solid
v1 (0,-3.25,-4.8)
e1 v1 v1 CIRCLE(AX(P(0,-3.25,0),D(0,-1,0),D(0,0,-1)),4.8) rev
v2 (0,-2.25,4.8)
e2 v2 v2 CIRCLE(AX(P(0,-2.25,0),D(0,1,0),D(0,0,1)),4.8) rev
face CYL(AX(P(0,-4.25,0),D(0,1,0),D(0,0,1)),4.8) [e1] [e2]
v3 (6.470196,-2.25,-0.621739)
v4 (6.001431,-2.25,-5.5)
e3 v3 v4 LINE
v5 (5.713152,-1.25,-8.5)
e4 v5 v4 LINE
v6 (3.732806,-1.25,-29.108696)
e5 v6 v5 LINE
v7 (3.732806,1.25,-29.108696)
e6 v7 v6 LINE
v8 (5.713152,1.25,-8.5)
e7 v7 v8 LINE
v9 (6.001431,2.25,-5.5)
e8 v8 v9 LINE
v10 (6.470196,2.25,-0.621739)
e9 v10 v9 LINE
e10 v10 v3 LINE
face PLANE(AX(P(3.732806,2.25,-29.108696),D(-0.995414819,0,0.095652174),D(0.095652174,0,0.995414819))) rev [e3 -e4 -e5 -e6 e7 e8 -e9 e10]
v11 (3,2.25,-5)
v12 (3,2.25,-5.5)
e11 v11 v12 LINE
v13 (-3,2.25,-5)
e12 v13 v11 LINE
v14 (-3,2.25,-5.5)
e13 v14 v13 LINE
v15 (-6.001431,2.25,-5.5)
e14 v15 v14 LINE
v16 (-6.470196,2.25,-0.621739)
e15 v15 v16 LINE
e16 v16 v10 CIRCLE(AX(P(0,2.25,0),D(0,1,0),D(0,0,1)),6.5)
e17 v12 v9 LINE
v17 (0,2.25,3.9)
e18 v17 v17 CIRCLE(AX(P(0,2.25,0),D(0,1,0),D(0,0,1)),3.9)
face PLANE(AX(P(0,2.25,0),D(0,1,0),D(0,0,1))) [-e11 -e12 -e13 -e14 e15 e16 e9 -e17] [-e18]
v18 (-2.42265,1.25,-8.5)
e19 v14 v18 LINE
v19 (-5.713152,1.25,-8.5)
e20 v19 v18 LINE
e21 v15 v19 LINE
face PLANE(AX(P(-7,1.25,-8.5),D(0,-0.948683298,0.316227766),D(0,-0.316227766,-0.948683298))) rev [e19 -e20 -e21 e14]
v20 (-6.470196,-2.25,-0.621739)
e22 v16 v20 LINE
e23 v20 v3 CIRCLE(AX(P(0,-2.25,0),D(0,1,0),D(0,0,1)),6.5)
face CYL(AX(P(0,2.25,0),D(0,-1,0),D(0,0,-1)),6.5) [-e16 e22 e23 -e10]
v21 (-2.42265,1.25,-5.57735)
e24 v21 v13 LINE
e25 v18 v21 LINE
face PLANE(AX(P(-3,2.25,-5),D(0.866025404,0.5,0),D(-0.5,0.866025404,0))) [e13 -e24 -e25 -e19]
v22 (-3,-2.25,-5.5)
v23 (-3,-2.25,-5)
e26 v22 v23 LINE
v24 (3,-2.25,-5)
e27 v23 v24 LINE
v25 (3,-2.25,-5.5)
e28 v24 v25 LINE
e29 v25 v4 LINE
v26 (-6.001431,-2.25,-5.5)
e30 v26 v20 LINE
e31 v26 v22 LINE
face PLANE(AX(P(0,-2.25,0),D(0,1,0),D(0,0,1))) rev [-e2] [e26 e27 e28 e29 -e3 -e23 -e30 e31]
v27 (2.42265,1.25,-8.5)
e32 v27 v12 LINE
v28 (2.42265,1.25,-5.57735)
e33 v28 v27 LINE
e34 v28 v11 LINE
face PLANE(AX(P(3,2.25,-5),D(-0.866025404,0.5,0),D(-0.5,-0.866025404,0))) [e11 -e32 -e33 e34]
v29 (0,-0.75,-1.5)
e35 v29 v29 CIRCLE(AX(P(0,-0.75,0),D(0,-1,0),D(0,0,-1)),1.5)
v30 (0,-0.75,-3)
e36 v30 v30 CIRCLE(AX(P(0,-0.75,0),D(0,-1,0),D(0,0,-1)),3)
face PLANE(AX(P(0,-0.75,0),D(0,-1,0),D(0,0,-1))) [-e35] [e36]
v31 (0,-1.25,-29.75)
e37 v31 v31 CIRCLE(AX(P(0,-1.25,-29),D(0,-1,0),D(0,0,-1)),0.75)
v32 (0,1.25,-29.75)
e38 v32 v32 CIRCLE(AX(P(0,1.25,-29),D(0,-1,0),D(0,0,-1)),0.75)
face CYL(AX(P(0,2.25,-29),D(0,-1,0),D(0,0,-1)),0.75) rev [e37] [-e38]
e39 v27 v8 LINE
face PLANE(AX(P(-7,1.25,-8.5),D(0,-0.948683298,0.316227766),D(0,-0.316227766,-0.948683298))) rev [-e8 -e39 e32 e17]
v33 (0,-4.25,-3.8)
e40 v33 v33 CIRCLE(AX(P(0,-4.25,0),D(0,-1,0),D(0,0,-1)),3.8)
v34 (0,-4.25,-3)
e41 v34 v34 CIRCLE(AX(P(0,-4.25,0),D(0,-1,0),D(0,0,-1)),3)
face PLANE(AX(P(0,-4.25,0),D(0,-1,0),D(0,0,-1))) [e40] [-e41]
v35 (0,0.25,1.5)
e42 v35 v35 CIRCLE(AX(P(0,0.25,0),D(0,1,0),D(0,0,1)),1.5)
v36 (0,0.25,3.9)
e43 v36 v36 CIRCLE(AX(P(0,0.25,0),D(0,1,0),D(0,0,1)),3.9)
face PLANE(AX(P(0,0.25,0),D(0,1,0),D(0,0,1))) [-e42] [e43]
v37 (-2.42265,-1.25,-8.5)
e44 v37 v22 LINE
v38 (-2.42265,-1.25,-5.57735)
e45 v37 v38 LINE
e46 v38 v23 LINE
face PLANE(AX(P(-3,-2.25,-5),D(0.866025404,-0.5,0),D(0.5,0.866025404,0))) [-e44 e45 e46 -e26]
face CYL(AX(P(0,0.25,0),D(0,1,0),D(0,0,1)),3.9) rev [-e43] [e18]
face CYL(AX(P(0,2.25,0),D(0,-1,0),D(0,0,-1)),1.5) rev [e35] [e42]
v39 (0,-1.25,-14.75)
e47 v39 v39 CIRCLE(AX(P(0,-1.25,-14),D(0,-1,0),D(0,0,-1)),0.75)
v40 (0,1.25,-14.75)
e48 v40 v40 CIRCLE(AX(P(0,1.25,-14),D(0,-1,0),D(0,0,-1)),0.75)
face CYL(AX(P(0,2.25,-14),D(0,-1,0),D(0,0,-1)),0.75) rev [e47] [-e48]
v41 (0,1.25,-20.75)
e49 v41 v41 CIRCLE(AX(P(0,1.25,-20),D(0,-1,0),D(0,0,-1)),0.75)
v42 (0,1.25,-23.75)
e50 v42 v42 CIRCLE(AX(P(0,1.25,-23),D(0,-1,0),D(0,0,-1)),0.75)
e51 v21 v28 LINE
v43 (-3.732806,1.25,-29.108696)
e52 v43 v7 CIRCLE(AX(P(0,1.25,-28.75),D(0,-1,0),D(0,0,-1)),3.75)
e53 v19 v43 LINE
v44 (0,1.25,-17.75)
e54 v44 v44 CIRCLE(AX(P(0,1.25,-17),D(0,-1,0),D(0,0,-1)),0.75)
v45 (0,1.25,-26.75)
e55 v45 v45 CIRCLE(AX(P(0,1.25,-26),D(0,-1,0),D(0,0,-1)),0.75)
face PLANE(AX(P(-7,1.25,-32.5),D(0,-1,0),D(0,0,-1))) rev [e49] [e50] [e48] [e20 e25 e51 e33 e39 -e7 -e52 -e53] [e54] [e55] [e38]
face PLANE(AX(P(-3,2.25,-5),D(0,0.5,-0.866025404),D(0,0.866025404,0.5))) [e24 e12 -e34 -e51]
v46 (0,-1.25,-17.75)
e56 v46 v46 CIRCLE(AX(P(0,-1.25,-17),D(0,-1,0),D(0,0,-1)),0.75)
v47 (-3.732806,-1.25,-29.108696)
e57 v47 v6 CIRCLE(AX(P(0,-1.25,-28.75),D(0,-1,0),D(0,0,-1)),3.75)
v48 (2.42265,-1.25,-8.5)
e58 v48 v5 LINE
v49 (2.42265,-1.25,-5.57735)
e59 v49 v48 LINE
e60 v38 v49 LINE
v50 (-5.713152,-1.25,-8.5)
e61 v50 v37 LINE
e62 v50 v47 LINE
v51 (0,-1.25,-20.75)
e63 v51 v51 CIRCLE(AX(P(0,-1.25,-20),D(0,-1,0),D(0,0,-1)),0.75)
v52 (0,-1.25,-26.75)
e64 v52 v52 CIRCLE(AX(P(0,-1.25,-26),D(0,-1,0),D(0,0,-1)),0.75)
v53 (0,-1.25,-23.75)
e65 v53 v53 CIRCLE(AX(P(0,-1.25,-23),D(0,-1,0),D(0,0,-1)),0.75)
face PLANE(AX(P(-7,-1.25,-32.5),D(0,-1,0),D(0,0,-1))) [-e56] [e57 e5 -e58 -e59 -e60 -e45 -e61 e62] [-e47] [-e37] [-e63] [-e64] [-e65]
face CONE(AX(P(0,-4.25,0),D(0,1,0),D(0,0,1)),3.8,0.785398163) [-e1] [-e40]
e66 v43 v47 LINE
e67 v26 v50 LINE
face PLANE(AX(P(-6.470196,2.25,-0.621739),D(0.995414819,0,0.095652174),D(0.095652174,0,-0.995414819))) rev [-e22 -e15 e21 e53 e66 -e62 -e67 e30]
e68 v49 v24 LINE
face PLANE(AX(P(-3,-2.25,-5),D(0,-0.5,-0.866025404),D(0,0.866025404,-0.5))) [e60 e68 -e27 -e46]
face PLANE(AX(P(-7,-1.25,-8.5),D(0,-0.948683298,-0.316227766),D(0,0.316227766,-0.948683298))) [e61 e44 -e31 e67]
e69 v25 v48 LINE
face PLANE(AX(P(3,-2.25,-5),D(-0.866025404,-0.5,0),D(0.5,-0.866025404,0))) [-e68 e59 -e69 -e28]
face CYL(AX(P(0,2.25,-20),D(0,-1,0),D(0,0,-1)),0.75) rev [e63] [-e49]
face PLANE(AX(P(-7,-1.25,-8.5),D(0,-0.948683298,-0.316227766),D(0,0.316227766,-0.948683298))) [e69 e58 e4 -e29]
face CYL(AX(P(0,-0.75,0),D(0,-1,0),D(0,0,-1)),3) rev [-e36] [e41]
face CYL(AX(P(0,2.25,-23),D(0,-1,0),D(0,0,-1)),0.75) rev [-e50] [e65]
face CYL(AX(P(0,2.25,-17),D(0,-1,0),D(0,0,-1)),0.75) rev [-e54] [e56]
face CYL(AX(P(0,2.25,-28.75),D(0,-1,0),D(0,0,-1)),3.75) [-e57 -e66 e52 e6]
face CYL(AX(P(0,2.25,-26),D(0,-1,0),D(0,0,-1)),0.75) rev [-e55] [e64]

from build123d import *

# Parameters (mm, degrees)
SKETCH1_R           = 0.75
BOSS_EXTRUDE1_DEPTH = 2.25
CUT_EXTRUDE1_DEPTH  = 7
SKETCH3_W           = 6
SKETCH3_H           = 3.5
CUT_EXTRUDE2_DEPTH  = 1
DRAFT1_ANGLE        = 30
DRAFT2_ANGLE        = 30
SKETCH4_R           = 3.9
CUT_EXTRUDE3_DEPTH  = 2
SKETCH5_R           = 4.8
BOSS_EXTRUDE2_DEPTH = 2
CHAMFER1_SIZE       = 1
SKETCH6_R           = 3
CUT_EXTRUDE4_DEPTH  = 3.5
SKETCH7_R           = 1.5
CUT_EXTRUDE5_DEPTH  = 4


with BuildPart() as part:
    # Sketch1 → Boss-Extrude1 (new body, symmetric)
    with BuildSketch(Plane(origin=(0, 0, 0), x_dir=(1, 0, 0), z_dir=(0, 1, 0))):
        with BuildLine():
            Line((-6.470196323, 0.62173913), (-3.732805571, 29.108695652))
            ThreePointArc((-3.732805571, 29.108695652), (0, 32.5), (3.732805571, 29.108695652))
            Line((3.732805571, 29.108695652), (6.470196323, 0.62173913))
            ThreePointArc((6.470196323, 0.62173913), (0, -6.5), (-6.470196323, 0.62173913))
        make_face()
        with Locations((0, 29)):
            Circle(SKETCH1_R, mode=Mode.SUBTRACT)
        with Locations((0, 26)):
            Circle(SKETCH1_R, mode=Mode.SUBTRACT)
        with Locations((0, 23)):
            Circle(SKETCH1_R, mode=Mode.SUBTRACT)
        with Locations((0, 20)):
            Circle(SKETCH1_R, mode=Mode.SUBTRACT)
        with Locations((0, 17)):
            Circle(SKETCH1_R, mode=Mode.SUBTRACT)
        with Locations((0, 14)):
            Circle(SKETCH1_R, mode=Mode.SUBTRACT)
    extrude(amount=BOSS_EXTRUDE1_DEPTH, both=True)

    # Sketch2 → Cut-Extrude1 (cut, symmetric)
    with BuildSketch(Plane(origin=(0, 0, 0), x_dir=(0, 0, -1), z_dir=(1, 0, 0))):
        Polygon((5.5, 2.25), (32.5, 2.25), (32.5, 1.25), (8.5, 1.25), align=None)
    cut_extrude1 = extrude(amount=CUT_EXTRUDE1_DEPTH, both=True, mode=Mode.SUBTRACT)

    # Sketch3 → Cut-Extrude2 (cut)
    with BuildSketch(Plane(origin=(0, 2.25, 0), x_dir=(1, 0, 0), z_dir=(0, 1, 0))):
        with Locations((0, 6.75)):
            Rectangle(SKETCH3_W, SKETCH3_H)
    cut_extrude2 = extrude(amount=-CUT_EXTRUDE2_DEPTH, mode=Mode.SUBTRACT)

    # Mirror1: Cut-Extrude1, Cut-Extrude2 across plane
    add(cut_extrude1.mirror(Plane.ZX), mode=Mode.SUBTRACT)
    add(cut_extrude2.mirror(Plane.ZX), mode=Mode.SUBTRACT)

    # Draft1
    draft1_faces = [part.faces().sort_by_distance(p)[0] for p in [
        (0, 1.75, -5),
        (-3, 1.625, -6.1875),
        (3, 1.625, -6.1875),
    ]]
    draft(draft1_faces, Plane.ZX.offset(2.25), DRAFT1_ANGLE)

    # Draft2
    draft2_faces = [part.faces().sort_by_distance(p)[0] for p in [
        (-3, -1.625, -6.1875),
        (0, -1.75, -5),
        (3, -1.625, -6.1875),
    ]]
    draft(draft2_faces, Plane(origin=(0, -2.25, 0), x_dir=(0, 0, -1), z_dir=(0, -1, 0)), DRAFT2_ANGLE)

    # Sketch4 → Cut-Extrude3 (cut)
    with BuildSketch(Plane(origin=(0, 2.25, 0), x_dir=(1, 0, 0), z_dir=(0, 1, 0))):
        Circle(SKETCH4_R)
    extrude(amount=-CUT_EXTRUDE3_DEPTH, mode=Mode.SUBTRACT)

    # Sketch5 → Boss-Extrude2 (add)
    with BuildSketch(Plane.XZ.offset(2.25)):
        Circle(SKETCH5_R)
    extrude(amount=BOSS_EXTRUDE2_DEPTH)

    # Chamfer1
    chamfer1_edges = [part.edges().sort_by_distance(p)[0] for p in [
        (-4.8, -4.25, 0),
    ]]
    chamfer(chamfer1_edges, length=CHAMFER1_SIZE)

    # Sketch6 → Cut-Extrude4 (cut)
    with BuildSketch(Plane.XZ.offset(4.25)):
        Circle(SKETCH6_R)
    extrude(amount=-CUT_EXTRUDE4_DEPTH, mode=Mode.SUBTRACT)

    # Sketch7 → Cut-Extrude5 (cut, through all)
    with BuildSketch(Plane.XZ.offset(0.75)):
        Circle(SKETCH7_R)
    extrude(amount=-CUT_EXTRUDE5_DEPTH, mode=Mode.SUBTRACT)


solid = part.part
